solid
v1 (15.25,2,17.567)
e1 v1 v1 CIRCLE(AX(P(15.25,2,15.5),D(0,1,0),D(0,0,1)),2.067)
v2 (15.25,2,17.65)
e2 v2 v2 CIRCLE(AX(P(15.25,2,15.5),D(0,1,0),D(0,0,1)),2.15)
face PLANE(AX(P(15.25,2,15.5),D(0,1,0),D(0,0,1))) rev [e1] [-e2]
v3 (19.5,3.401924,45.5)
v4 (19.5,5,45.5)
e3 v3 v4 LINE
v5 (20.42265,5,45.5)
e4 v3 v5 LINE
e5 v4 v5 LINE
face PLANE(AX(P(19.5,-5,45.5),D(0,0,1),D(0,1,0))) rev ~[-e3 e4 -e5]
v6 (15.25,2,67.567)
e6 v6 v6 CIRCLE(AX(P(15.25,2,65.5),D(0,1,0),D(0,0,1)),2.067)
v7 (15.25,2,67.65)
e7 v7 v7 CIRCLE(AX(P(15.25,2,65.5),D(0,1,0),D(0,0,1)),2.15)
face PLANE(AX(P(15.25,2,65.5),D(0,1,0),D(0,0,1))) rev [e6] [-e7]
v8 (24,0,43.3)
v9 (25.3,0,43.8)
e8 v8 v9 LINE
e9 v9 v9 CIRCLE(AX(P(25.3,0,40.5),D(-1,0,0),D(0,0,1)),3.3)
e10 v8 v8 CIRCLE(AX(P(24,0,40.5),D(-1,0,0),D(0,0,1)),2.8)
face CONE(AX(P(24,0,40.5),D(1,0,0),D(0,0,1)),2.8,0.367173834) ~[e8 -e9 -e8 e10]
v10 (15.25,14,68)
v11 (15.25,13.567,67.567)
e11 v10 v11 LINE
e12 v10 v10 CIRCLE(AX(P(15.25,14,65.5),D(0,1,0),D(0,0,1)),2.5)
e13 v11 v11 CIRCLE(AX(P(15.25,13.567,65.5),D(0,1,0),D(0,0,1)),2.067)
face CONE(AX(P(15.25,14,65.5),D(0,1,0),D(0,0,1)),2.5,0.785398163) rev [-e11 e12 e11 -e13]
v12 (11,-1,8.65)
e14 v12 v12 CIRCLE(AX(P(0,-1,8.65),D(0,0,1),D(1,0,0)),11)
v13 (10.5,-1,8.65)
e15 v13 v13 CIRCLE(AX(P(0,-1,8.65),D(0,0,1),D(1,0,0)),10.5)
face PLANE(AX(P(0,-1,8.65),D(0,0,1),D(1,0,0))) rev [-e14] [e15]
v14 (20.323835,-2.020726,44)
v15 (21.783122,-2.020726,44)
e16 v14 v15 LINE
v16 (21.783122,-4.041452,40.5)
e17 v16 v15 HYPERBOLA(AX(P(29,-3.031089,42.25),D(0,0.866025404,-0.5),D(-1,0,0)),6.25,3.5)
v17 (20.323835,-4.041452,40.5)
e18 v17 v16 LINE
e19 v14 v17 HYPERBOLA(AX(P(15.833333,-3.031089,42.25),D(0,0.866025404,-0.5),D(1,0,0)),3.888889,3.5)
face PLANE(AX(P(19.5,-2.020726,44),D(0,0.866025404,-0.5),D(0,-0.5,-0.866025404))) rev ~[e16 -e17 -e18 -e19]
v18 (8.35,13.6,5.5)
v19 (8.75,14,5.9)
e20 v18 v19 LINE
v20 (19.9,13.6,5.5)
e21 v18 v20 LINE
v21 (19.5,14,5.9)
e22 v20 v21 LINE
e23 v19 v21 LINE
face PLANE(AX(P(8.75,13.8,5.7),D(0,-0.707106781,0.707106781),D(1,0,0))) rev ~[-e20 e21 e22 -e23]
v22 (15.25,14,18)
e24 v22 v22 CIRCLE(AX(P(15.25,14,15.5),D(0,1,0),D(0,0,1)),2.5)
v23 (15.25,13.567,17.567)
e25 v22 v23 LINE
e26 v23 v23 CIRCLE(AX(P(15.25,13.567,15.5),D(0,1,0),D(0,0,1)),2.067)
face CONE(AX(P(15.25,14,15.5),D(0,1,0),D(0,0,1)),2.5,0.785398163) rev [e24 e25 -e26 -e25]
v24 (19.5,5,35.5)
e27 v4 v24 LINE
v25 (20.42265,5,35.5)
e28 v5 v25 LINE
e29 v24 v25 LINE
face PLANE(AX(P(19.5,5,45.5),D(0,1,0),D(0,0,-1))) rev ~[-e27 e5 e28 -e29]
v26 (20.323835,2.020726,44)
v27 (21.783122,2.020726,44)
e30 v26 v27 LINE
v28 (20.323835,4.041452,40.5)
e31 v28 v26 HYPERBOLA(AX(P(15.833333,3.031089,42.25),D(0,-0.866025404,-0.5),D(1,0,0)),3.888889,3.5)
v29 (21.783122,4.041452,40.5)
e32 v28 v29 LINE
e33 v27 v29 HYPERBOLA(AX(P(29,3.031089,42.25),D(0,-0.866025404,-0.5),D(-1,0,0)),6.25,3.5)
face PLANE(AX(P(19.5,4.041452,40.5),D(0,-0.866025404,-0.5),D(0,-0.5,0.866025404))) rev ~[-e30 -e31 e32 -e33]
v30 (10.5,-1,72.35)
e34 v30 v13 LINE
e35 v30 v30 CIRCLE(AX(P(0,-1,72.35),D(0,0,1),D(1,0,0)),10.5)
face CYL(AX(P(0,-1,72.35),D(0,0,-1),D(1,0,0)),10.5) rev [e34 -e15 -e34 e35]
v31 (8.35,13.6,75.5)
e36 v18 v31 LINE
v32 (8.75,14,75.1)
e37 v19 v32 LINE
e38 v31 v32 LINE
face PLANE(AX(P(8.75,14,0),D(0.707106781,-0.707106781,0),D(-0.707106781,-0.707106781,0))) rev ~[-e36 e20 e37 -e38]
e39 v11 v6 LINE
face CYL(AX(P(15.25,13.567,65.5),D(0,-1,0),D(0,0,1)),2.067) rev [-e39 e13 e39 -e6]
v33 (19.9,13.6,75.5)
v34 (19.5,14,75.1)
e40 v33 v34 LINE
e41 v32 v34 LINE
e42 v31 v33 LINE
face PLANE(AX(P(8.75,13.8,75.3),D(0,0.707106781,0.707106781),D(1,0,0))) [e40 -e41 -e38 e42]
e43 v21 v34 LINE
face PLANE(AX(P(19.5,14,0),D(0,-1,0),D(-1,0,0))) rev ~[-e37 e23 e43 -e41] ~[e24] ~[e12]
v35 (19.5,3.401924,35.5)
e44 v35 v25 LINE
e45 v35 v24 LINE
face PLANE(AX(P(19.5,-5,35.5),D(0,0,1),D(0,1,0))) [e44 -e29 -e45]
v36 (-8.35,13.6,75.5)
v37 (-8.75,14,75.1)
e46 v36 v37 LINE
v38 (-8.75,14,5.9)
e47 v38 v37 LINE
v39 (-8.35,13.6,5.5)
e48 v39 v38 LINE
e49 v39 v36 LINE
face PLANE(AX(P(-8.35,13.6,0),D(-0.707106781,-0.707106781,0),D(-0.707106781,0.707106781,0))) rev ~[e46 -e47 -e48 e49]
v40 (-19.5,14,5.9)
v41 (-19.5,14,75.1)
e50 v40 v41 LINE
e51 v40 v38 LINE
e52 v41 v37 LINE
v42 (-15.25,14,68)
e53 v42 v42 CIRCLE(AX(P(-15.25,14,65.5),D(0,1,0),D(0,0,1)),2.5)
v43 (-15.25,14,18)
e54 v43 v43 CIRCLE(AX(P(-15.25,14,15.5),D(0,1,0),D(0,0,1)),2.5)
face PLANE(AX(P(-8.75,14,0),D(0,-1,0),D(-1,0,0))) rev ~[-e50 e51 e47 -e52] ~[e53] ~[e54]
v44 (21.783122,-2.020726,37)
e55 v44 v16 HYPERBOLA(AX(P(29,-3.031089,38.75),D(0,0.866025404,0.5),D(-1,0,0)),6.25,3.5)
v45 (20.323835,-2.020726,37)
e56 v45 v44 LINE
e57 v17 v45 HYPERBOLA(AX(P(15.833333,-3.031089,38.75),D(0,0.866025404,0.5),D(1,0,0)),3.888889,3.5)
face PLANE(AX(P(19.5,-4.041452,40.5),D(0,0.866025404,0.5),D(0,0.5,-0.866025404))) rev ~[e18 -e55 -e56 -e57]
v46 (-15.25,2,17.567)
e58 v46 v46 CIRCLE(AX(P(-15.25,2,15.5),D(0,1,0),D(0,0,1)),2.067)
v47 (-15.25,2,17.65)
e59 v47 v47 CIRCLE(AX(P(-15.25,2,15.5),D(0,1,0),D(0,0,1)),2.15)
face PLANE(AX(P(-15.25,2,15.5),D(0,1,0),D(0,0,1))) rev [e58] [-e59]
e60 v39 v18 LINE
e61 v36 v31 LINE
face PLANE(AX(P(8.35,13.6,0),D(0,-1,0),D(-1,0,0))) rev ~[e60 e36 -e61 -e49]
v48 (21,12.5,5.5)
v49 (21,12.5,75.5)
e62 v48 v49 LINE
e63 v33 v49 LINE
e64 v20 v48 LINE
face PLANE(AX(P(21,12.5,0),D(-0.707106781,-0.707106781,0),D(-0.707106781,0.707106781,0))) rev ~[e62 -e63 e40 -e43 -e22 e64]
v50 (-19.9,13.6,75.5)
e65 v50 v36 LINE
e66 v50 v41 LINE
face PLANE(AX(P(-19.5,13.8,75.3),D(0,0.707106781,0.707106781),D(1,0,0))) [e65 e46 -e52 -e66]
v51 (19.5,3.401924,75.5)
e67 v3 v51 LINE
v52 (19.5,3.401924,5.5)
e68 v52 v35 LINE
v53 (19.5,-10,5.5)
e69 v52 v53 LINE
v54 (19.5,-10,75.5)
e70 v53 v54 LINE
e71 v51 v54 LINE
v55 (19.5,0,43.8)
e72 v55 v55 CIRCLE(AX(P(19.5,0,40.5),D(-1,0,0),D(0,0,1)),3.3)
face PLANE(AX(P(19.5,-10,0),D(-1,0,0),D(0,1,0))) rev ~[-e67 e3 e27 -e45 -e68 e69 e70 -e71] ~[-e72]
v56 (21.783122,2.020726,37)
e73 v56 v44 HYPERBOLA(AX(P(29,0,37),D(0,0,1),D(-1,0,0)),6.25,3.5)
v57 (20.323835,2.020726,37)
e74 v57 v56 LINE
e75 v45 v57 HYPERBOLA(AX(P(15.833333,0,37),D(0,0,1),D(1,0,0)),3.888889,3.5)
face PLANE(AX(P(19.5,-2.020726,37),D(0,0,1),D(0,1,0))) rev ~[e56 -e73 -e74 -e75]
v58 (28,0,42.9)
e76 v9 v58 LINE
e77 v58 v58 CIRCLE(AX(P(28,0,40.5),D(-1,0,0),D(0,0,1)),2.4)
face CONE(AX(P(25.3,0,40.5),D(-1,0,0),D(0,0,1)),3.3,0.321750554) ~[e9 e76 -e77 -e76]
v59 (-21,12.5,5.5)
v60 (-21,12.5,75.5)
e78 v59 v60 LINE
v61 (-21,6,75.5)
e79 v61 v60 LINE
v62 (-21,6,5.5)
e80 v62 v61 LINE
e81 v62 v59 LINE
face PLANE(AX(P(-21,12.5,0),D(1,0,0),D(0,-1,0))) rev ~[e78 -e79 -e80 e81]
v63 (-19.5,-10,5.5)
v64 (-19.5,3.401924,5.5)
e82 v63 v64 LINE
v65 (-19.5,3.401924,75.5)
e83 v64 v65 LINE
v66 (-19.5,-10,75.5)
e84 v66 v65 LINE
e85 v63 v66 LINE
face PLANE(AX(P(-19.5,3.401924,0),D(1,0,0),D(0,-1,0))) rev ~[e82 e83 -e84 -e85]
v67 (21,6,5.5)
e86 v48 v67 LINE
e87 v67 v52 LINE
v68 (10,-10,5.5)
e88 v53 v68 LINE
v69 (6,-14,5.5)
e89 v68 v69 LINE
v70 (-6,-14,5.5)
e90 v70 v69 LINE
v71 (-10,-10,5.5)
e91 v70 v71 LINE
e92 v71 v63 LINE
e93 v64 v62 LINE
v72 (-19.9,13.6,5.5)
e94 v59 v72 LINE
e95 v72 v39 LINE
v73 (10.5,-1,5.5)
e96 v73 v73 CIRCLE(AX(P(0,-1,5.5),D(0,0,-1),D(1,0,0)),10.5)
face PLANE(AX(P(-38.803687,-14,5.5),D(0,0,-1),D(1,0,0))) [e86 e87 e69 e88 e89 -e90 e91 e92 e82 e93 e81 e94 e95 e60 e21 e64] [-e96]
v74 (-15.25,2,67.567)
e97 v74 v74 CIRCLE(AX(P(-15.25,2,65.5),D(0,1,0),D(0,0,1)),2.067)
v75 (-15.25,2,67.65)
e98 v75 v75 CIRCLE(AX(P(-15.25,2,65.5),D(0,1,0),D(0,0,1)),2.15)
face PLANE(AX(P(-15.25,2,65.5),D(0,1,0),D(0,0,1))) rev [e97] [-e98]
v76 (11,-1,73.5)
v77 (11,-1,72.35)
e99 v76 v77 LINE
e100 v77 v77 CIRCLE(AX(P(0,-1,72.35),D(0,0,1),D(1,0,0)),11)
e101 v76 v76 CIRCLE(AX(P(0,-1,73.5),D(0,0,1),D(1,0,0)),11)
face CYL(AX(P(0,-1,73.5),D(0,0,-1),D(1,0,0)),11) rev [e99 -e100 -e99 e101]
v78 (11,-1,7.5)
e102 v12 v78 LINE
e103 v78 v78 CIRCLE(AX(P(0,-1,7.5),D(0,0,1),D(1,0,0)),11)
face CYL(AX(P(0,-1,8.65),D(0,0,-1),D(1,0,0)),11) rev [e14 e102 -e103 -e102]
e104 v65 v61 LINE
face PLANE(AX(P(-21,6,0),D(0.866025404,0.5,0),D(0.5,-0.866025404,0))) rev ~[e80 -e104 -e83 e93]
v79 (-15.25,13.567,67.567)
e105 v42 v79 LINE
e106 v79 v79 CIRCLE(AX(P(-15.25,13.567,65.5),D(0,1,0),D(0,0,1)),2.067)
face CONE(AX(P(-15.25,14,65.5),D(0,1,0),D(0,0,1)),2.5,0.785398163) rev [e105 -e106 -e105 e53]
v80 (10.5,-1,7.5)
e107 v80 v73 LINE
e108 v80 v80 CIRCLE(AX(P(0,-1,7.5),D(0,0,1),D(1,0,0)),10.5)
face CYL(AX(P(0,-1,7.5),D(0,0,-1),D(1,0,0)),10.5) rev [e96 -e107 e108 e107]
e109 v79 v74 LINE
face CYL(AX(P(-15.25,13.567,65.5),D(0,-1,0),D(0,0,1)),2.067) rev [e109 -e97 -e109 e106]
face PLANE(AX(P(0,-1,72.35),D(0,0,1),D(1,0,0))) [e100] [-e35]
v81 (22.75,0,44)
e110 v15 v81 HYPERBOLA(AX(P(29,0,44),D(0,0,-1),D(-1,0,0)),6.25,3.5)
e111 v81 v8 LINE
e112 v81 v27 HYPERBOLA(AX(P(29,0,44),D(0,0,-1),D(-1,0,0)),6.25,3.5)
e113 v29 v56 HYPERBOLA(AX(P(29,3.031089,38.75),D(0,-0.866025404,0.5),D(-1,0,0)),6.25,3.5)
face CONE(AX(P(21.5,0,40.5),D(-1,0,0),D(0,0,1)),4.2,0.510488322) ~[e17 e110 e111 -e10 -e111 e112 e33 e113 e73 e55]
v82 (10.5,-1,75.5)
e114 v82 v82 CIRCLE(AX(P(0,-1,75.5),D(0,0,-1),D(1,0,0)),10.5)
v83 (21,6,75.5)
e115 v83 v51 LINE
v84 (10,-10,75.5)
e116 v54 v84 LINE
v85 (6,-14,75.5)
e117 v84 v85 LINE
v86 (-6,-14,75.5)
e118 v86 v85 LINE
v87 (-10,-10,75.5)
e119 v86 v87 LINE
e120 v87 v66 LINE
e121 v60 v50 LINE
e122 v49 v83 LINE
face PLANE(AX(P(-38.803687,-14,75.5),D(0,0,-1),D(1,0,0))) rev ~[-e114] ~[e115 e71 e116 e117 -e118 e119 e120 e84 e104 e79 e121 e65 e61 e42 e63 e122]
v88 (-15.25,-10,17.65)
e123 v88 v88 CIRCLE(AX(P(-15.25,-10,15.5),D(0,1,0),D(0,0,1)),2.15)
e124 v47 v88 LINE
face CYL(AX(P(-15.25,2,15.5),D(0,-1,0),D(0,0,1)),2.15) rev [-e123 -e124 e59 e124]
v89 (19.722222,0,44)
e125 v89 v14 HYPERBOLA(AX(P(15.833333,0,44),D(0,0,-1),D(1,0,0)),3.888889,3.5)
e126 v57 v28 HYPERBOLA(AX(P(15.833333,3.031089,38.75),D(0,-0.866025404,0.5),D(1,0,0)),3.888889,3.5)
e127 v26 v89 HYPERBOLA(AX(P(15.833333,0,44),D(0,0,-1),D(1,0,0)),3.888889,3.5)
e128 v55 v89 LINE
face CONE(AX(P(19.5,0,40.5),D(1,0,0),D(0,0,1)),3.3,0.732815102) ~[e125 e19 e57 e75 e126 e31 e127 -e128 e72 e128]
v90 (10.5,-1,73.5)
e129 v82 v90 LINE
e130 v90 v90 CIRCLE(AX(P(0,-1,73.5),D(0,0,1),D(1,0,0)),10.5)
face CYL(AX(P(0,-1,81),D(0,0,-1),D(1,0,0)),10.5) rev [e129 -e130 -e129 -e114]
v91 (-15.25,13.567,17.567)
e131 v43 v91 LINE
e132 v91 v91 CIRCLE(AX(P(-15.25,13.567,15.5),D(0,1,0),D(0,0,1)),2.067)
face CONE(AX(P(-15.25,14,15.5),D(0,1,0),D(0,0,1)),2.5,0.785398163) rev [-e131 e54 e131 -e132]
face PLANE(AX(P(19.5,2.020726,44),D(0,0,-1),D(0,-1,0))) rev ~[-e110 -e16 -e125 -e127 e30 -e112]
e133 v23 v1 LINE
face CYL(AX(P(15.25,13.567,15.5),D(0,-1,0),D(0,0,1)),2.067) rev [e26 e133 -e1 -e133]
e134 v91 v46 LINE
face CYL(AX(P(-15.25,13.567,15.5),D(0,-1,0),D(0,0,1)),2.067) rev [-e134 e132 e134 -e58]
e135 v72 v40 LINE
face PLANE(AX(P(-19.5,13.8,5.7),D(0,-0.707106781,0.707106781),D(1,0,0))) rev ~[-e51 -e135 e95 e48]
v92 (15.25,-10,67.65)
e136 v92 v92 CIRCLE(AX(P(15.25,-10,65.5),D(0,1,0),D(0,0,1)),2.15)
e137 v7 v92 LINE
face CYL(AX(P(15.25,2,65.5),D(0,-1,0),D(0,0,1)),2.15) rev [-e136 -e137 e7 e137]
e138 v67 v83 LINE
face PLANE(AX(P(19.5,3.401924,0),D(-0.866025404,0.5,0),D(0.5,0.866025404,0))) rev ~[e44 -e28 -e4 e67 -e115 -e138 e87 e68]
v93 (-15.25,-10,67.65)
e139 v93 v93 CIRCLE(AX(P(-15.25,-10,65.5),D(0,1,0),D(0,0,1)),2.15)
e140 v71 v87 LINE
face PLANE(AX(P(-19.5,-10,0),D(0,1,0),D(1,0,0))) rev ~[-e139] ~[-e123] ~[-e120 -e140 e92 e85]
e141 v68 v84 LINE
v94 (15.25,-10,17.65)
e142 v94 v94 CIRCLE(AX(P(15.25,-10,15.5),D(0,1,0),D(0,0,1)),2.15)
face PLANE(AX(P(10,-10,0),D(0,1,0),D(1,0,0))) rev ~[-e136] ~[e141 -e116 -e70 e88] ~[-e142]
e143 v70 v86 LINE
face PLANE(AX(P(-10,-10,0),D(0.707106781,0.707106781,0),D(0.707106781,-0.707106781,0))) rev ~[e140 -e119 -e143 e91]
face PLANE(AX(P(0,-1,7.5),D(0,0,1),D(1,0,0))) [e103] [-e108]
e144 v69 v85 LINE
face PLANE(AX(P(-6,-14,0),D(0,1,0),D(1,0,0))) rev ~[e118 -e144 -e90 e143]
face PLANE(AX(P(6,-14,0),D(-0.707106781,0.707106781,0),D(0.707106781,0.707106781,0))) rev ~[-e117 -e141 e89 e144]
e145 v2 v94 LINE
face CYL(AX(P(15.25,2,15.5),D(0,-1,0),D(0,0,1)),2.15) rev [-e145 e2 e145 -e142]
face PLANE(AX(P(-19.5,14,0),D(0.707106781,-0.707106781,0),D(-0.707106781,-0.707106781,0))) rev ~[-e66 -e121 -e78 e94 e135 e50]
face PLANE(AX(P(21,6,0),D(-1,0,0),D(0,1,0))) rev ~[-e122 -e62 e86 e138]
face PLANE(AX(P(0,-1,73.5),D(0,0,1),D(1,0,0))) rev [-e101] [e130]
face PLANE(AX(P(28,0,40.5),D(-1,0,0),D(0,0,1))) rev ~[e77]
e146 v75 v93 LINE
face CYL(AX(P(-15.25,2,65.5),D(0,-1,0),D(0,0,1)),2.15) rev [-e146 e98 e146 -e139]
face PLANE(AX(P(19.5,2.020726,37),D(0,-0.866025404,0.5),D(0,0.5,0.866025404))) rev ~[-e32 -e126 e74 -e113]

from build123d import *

# Parameters (mm, degrees)
BOSS_EXTRUDE1_DEPTH     = 81
CUT_EXTRUDE1_DEPTH      = 42
CUT_EXTRUDE1_DEPTH_BACK = 42
SKETCH2_W               = 2931
SKETCH2_H               = 2169
SKETCH9_W               = 10
SKETCH9_H               = 10
CUT_EXTRUDE2_DEPTH      = 10
CUT_EXTRUDE3_START      = -28
SKETCH11_W              = 238.622036278
SKETCH11_H              = 213.304880218
SKETCH11_W_2            = 101.706666714
SKETCH11_H_2            = 70
CUT_EXTRUDE3_DEPTH      = 28
CHAMFER1_SIZE           = 0.4


with BuildPart() as part:
    # Sketch1 → Boss-Extrude1 (new body)
    with BuildSketch(Plane.XY):
        Polygon((-21, 12.5), (-21, 6), (-19.5, 3.401923789), (-19.5, -10), (-10, -10), (-6, -14), (6, -14), (10, -10), (19.5, -10), (19.5, 3.401923789), (21, 6), (21, 12.5), (19.5, 14), (8.75, 14), (8.35, 13.6), (-8.35, 13.6), (-8.75, 14), (-19.5, 14), align=None)
    extrude(amount=BOSS_EXTRUDE1_DEPTH)

    # Sketch2 → Cut-Extrude1 (cut, two sides: drawn at the far end of the back side and taken through both)
    with BuildSketch(Plane(origin=(0, 0, 0), x_dir=(0, 0, -1), z_dir=(1, 0, 0)).offset(-CUT_EXTRUDE1_DEPTH_BACK)):
        with Locations((-31.5, -9.5)):
            Rectangle(SKETCH2_W, SKETCH2_H)
        Polygon((-81, -14), (0, -14), (0, 13.6), (-0.4, 14), (-80.6, 14), (-81, 13.6), align=None, mode=Mode.SUBTRACT)
    extrude(amount=CUT_EXTRUDE1_DEPTH + CUT_EXTRUDE1_DEPTH_BACK, mode=Mode.SUBTRACT)

    # Sketch3 → Cut-Revolve1 (revolve, cut)
    with BuildSketch(Plane.XY.offset(15.5), mode=Mode.PRIVATE) as cut_revolve1_sk:
        Polygon((-15.25, 14), (-12.75, 14), (-13.183, 13.567), (-13.183, 2), (-13.1, 2), (-13.1, -10), (-15.25, -10), align=None)
    revolve(cut_revolve1_sk.sketch.rotate(Axis((-15.25, -10, 15.5), (0, 1, 0)), 270), axis=Axis((-15.25, -10, 15.5), (0, 1, 0)), mode=Mode.SUBTRACT)

    # Sketch4 → Cut-Revolve2 (revolve, cut)
    with BuildSketch(Plane.XY.offset(15.5), mode=Mode.PRIVATE) as cut_revolve2_sk:
        Polygon((15.25, 14), (17.75, 14), (17.317, 13.567), (17.317, 2), (17.4, 2), (17.4, -10), (15.25, -10), align=None)
    revolve(cut_revolve2_sk.sketch.rotate(Axis((15.25, -10, 15.5), (0, 1, 0)), 270), axis=Axis((15.25, -10, 15.5), (0, 1, 0)), mode=Mode.SUBTRACT)

    # Sketch5 → Cut-Revolve3 (revolve, cut)
    with BuildSketch(Plane.XY.offset(65.5), mode=Mode.PRIVATE) as cut_revolve3_sk:
        Polygon((-15.25, 14), (-12.75, 14), (-13.183, 13.567), (-13.183, 2), (-13.1, 2), (-13.1, -10), (-15.25, -10), align=None)
    revolve(cut_revolve3_sk.sketch.rotate(Axis((-15.25, -10, 65.5), (0, 1, 0)), 270), axis=Axis((-15.25, -10, 65.5), (0, 1, 0)), mode=Mode.SUBTRACT)

    # Sketch6 → Cut-Revolve4 (revolve, cut)
    with BuildSketch(Plane.XY.offset(65.5), mode=Mode.PRIVATE) as cut_revolve4_sk:
        Polygon((15.25, 14), (17.75, 14), (17.317, 13.567), (17.317, 2), (17.4, 2), (17.4, -10), (15.25, -10), align=None)
    revolve(cut_revolve4_sk.sketch.rotate(Axis((15.25, -10, 65.5), (0, 1, 0)), 270), axis=Axis((15.25, -10, 65.5), (0, 1, 0)), mode=Mode.SUBTRACT)

    # Sketch7 → Cut-Revolve5 (revolve, cut)
    with BuildSketch(Plane(origin=(0, 0, 0), x_dir=(0, 0, -1), z_dir=(1, 0, 0)), mode=Mode.PRIVATE) as cut_revolve5_sk:
        Polygon((-81, -1), (-81, 9.5), (-73.5, 9.5), (-73.5, 10), (-72.35, 10), (-72.35, 9.5), (-8.65, 9.5), (-8.65, 10), (-7.5, 10), (-7.5, 9.5), (0, 9.5), (0, -1), align=None)
    revolve(cut_revolve5_sk.sketch.rotate(Axis((0, -1, 0), (0, 0, 1)), 270), axis=Axis((0, -1, 0), (0, 0, 1)), mode=Mode.SUBTRACT)

    # Sketch8 → Revolve1 (revolve)
    with BuildSketch(Plane.XY.offset(40.5), mode=Mode.PRIVATE) as revolve1_sk:
        Polygon((19.5, 0), (19.5, 3.3), (20.5, 4.2), (21.5, 4.2), (24, 2.8), (25.3, 3.3), (28, 2.4), (28, 0), align=None)
    revolve(revolve1_sk.sketch.rotate(Axis((28, 0, 40.5), (-1, 0, 0)), 270), axis=Axis((28, 0, 40.5), (-1, 0, 0)))

    # Sketch9 → Cut-Extrude2 (cut)
    with BuildSketch(Plane(origin=(19.5, 0, 0), x_dir=(0, 0, -1), z_dir=(1, 0, 0))):
        with Locations((-40.5, 0)):
            Rectangle(SKETCH9_W, SKETCH9_H)
        Polygon((-44, 2.020725942), (-44, -2.020725942), (-40.5, -4.041451884), (-37, -2.020725942), (-37, 2.020725942), (-40.5, 4.041451884), align=None, mode=Mode.SUBTRACT)
    extrude(amount=CUT_EXTRUDE2_DEPTH, mode=Mode.SUBTRACT)

    # Sketch10 → Cut-Revolve6 (revolve, cut)
    with BuildSketch(Plane.XY.offset(40.5), mode=Mode.PRIVATE) as cut_revolve6_sk:
        Polygon((19.5, 4.2), (19.5, 3.3), (20.5, 4.2), align=None)
    revolve(cut_revolve6_sk.sketch.rotate(Axis((28, 0, 40.5), (-1, 0, 0)), 59.999999594), axis=Axis((28, 0, 40.5), (-1, 0, 0)), mode=Mode.SUBTRACT)

    # Sketch11 → Cut-Extrude3 (cut)
    with BuildSketch(Plane(origin=(0, 14, 0), x_dir=(1, 0, 0), z_dir=(0, 1, 0)).offset(CUT_EXTRUDE3_START)):
        with Locations((12.049646303, -40.5)):
            Rectangle(SKETCH11_W, SKETCH11_H)
        with Locations((12.049646303, -40.5)):
            Rectangle(SKETCH11_W_2, SKETCH11_H_2, mode=Mode.SUBTRACT)
    extrude(amount=CUT_EXTRUDE3_DEPTH, mode=Mode.SUBTRACT)

    # Chamfer1
    chamfer1_edges = [part.edges().sort_by_distance(p)[0] for p in [
        (-14.125, 14, 5.5),
        (14.125, 14, 5.5),
        (14.125, 14, 75.5),
        (-14.125, 14, 75.5),
    ]]
    chamfer(chamfer1_edges, length=CHAMFER1_SIZE)


solid = part.part
